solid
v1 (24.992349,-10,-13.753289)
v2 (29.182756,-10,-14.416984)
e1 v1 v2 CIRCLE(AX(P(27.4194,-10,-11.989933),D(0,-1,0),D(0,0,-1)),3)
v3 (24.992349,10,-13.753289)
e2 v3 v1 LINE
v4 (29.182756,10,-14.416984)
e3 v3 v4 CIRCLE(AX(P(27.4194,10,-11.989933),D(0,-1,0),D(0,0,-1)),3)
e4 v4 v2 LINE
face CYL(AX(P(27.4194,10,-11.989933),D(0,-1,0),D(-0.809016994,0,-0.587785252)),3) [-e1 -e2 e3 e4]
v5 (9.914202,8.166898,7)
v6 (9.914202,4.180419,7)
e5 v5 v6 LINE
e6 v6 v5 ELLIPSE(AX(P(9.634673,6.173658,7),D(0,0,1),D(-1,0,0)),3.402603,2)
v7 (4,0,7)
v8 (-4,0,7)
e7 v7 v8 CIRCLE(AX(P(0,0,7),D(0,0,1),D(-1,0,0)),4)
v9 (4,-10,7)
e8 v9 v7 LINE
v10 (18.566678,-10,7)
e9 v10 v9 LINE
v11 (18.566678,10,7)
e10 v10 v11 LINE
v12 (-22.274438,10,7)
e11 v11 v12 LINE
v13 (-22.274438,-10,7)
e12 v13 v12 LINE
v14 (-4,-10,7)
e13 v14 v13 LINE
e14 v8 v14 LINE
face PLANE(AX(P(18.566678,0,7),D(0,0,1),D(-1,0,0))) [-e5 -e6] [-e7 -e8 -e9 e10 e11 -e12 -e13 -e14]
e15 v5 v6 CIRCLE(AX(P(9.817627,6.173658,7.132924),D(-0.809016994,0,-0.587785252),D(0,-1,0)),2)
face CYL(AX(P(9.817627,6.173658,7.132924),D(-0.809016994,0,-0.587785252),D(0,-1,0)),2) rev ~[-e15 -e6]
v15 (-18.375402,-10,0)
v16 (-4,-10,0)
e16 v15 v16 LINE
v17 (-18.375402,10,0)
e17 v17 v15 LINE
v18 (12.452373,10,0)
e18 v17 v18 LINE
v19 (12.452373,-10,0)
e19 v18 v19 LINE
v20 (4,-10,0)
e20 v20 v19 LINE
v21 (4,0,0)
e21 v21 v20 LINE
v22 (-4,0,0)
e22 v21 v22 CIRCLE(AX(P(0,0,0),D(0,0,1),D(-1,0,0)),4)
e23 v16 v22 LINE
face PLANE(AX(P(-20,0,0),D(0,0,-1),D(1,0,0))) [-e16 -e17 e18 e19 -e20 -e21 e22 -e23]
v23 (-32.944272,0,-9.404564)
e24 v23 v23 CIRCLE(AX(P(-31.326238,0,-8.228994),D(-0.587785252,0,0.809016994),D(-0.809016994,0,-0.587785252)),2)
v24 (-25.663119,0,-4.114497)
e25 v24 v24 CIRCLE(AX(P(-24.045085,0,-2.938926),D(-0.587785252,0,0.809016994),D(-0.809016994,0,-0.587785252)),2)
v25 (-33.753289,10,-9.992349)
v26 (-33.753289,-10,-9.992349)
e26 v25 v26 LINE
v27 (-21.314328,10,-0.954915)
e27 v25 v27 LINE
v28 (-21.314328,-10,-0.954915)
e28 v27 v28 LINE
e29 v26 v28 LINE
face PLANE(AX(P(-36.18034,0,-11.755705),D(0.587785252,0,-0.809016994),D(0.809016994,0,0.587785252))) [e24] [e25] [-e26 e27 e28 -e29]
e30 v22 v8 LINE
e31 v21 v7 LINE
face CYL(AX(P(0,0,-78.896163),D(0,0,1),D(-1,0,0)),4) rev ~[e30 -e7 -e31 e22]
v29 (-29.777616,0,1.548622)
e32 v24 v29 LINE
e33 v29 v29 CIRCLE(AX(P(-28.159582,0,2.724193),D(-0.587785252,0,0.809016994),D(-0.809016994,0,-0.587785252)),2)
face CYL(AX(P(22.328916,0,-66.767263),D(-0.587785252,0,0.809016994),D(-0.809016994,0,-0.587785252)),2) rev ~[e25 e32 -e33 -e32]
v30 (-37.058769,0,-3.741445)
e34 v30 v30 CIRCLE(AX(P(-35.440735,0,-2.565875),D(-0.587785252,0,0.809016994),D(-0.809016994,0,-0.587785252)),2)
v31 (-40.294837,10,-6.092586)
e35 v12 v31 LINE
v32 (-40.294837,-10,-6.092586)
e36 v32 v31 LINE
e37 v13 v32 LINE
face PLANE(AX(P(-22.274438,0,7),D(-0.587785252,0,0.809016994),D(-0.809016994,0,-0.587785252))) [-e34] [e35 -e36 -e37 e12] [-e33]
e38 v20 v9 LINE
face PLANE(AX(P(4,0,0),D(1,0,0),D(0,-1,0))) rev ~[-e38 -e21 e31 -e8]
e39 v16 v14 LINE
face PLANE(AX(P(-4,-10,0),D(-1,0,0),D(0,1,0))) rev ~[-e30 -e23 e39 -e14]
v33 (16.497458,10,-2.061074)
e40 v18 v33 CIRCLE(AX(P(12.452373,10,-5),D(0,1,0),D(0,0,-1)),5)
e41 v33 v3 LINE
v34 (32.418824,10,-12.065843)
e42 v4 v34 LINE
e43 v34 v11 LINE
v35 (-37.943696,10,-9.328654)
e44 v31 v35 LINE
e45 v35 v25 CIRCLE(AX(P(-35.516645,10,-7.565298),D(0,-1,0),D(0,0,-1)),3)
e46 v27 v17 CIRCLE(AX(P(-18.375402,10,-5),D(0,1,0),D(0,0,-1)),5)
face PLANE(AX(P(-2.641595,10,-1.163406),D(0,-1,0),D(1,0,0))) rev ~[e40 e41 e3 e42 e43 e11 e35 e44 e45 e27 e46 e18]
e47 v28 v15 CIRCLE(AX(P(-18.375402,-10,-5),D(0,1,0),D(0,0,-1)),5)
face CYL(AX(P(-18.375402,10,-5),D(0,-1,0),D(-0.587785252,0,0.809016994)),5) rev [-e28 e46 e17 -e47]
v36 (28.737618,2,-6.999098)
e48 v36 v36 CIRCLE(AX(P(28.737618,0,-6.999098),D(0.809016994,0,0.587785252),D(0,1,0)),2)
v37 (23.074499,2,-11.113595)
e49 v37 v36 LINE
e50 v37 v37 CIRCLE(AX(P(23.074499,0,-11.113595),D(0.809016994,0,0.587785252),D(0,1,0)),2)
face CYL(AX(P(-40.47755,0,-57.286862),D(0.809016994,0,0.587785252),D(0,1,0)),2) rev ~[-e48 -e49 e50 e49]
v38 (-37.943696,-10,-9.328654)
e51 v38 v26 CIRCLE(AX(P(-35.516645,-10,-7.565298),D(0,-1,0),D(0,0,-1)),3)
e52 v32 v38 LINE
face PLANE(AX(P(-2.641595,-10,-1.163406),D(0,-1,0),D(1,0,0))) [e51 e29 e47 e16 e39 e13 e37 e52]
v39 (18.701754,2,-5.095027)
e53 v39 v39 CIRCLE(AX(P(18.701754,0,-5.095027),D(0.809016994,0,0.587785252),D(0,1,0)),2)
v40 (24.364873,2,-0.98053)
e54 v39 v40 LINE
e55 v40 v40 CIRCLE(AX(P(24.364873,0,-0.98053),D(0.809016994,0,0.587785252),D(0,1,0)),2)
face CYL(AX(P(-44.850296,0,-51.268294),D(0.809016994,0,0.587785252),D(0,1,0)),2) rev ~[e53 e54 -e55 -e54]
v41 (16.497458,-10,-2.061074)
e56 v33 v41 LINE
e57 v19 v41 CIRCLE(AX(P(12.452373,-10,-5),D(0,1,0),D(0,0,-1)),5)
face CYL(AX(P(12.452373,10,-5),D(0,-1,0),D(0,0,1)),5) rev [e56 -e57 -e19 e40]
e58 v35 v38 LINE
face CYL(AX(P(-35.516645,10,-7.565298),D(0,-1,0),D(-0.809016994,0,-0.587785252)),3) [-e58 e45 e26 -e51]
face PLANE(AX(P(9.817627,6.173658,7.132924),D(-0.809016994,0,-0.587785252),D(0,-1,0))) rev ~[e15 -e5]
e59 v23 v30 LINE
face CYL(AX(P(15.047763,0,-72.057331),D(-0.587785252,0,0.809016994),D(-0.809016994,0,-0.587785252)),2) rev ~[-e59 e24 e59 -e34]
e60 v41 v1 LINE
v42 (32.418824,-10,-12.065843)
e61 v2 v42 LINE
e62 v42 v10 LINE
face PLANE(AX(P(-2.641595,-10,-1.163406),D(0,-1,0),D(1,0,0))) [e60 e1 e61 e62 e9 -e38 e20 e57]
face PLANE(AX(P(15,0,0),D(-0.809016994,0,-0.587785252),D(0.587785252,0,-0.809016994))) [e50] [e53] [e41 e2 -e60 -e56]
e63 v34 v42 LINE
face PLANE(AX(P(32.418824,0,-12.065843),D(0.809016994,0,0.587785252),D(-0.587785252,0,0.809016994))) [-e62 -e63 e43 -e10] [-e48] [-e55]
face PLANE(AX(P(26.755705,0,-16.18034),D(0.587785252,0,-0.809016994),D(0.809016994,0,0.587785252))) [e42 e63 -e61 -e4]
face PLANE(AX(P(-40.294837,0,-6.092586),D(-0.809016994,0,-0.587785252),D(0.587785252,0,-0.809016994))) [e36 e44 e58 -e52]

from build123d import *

# Parameters (mm, degrees)
F1_DEPTH      = 10
F1_DEPTH_BACK = 10
F3_D          = 4
F5_D          = 4
F5_DEPTH      = 18.2076214093
F7_D          = 8
F8_R          = 3
F9_R          = 5
F11_D         = 4
F13_DEPTH     = 25


with BuildPart() as f1:
    # F0 (on Front) → F1 (new body, two sides)
    with BuildSketch(Plane.XZ) as f1_sk:
        Polygon((-40.2948366535, -6.0925860852), (-36.1803398875, -11.7557050458), (-20, 0), (15, 0), (26.7557050458, -16.1803398875), (32.4188240065, -12.0658431215), (18.5666781465, 7), (-22.2744378736, 7), align=None)
    extrude(amount=F1_DEPTH)
    extrude(f1_sk.sketch, amount=-F1_DEPTH_BACK)

    # F3 (through all)
    with Locations(Plane(origin=(-6.9098300563, 0, 9.510565163), x_dir=(0.8090169944, 0, 0.5877852523), z_dir=(0.5877852523, 0, -0.8090169944))):
        with Locations((0, -37.8532769899), (0, -24.0082326065), (-30.1803398875, 0), (-21.1803398875, 0)):
            Hole(F3_D / 2)

    # F5 (through all, one way)
    with BuildSketch(Plane(origin=(9.8176274578, 0, 7.1329238722), x_dir=(0, -1, 0), z_dir=(-0.8090169944, 0, -0.5877852523))):
        with Locations((16.0583042515, 0), (-6.1736582538, 0)):
            Circle(F5_D / 2)
    extrude(amount=-F5_DEPTH, mode=Mode.SUBTRACT)

    # F7 (through all)
    with Locations(Plane(origin=(0, 0, 0), x_dir=(1, 0, 0), z_dir=(0, 0, -1))):
        with Locations((0, 0)):
            Hole(F7_D / 2)

    # F8
    f8_edges = [f1.edges().sort_by_distance(p)[0] for p in [
        (-36.18034, 0, -11.755705),
        (26.755705, 0, -16.18034),
    ]]
    fillet(f8_edges, radius=F8_R)

    # F9
    f9_edges = [f1.edges().sort_by_distance(p)[0] for p in [
        (-20, 0, 0),
        (15, 0, 0),
    ]]
    fillet(f9_edges, radius=F9_R)

    # F11 (through all)
    with Locations(Plane(origin=(9.8176274578, 0, 7.1329238722), x_dir=(0, -1, 0), z_dir=(-0.8090169944, 0, -0.5877852523))):
        with Locations((0, -15.1145784184), (0, -22.5539375097)):
            Hole(F11_D / 2)

    # F12 (on face) → F13 (cut)
    with BuildSketch(Plane(origin=(0, 0, 0), x_dir=(1, 0, 0), z_dir=(0, 0, -1))):
        with BuildLine():
            Line((-4, 10), (-4, 0))
            ThreePointArc((-4, 0), (0, 4), (4, 0))
            Line((4, 0), (4, 10))
            Line((4, 10), (-4, 10))
        make_face()
    extrude(amount=-F13_DEPTH, mode=Mode.SUBTRACT)


solid = f1.part
